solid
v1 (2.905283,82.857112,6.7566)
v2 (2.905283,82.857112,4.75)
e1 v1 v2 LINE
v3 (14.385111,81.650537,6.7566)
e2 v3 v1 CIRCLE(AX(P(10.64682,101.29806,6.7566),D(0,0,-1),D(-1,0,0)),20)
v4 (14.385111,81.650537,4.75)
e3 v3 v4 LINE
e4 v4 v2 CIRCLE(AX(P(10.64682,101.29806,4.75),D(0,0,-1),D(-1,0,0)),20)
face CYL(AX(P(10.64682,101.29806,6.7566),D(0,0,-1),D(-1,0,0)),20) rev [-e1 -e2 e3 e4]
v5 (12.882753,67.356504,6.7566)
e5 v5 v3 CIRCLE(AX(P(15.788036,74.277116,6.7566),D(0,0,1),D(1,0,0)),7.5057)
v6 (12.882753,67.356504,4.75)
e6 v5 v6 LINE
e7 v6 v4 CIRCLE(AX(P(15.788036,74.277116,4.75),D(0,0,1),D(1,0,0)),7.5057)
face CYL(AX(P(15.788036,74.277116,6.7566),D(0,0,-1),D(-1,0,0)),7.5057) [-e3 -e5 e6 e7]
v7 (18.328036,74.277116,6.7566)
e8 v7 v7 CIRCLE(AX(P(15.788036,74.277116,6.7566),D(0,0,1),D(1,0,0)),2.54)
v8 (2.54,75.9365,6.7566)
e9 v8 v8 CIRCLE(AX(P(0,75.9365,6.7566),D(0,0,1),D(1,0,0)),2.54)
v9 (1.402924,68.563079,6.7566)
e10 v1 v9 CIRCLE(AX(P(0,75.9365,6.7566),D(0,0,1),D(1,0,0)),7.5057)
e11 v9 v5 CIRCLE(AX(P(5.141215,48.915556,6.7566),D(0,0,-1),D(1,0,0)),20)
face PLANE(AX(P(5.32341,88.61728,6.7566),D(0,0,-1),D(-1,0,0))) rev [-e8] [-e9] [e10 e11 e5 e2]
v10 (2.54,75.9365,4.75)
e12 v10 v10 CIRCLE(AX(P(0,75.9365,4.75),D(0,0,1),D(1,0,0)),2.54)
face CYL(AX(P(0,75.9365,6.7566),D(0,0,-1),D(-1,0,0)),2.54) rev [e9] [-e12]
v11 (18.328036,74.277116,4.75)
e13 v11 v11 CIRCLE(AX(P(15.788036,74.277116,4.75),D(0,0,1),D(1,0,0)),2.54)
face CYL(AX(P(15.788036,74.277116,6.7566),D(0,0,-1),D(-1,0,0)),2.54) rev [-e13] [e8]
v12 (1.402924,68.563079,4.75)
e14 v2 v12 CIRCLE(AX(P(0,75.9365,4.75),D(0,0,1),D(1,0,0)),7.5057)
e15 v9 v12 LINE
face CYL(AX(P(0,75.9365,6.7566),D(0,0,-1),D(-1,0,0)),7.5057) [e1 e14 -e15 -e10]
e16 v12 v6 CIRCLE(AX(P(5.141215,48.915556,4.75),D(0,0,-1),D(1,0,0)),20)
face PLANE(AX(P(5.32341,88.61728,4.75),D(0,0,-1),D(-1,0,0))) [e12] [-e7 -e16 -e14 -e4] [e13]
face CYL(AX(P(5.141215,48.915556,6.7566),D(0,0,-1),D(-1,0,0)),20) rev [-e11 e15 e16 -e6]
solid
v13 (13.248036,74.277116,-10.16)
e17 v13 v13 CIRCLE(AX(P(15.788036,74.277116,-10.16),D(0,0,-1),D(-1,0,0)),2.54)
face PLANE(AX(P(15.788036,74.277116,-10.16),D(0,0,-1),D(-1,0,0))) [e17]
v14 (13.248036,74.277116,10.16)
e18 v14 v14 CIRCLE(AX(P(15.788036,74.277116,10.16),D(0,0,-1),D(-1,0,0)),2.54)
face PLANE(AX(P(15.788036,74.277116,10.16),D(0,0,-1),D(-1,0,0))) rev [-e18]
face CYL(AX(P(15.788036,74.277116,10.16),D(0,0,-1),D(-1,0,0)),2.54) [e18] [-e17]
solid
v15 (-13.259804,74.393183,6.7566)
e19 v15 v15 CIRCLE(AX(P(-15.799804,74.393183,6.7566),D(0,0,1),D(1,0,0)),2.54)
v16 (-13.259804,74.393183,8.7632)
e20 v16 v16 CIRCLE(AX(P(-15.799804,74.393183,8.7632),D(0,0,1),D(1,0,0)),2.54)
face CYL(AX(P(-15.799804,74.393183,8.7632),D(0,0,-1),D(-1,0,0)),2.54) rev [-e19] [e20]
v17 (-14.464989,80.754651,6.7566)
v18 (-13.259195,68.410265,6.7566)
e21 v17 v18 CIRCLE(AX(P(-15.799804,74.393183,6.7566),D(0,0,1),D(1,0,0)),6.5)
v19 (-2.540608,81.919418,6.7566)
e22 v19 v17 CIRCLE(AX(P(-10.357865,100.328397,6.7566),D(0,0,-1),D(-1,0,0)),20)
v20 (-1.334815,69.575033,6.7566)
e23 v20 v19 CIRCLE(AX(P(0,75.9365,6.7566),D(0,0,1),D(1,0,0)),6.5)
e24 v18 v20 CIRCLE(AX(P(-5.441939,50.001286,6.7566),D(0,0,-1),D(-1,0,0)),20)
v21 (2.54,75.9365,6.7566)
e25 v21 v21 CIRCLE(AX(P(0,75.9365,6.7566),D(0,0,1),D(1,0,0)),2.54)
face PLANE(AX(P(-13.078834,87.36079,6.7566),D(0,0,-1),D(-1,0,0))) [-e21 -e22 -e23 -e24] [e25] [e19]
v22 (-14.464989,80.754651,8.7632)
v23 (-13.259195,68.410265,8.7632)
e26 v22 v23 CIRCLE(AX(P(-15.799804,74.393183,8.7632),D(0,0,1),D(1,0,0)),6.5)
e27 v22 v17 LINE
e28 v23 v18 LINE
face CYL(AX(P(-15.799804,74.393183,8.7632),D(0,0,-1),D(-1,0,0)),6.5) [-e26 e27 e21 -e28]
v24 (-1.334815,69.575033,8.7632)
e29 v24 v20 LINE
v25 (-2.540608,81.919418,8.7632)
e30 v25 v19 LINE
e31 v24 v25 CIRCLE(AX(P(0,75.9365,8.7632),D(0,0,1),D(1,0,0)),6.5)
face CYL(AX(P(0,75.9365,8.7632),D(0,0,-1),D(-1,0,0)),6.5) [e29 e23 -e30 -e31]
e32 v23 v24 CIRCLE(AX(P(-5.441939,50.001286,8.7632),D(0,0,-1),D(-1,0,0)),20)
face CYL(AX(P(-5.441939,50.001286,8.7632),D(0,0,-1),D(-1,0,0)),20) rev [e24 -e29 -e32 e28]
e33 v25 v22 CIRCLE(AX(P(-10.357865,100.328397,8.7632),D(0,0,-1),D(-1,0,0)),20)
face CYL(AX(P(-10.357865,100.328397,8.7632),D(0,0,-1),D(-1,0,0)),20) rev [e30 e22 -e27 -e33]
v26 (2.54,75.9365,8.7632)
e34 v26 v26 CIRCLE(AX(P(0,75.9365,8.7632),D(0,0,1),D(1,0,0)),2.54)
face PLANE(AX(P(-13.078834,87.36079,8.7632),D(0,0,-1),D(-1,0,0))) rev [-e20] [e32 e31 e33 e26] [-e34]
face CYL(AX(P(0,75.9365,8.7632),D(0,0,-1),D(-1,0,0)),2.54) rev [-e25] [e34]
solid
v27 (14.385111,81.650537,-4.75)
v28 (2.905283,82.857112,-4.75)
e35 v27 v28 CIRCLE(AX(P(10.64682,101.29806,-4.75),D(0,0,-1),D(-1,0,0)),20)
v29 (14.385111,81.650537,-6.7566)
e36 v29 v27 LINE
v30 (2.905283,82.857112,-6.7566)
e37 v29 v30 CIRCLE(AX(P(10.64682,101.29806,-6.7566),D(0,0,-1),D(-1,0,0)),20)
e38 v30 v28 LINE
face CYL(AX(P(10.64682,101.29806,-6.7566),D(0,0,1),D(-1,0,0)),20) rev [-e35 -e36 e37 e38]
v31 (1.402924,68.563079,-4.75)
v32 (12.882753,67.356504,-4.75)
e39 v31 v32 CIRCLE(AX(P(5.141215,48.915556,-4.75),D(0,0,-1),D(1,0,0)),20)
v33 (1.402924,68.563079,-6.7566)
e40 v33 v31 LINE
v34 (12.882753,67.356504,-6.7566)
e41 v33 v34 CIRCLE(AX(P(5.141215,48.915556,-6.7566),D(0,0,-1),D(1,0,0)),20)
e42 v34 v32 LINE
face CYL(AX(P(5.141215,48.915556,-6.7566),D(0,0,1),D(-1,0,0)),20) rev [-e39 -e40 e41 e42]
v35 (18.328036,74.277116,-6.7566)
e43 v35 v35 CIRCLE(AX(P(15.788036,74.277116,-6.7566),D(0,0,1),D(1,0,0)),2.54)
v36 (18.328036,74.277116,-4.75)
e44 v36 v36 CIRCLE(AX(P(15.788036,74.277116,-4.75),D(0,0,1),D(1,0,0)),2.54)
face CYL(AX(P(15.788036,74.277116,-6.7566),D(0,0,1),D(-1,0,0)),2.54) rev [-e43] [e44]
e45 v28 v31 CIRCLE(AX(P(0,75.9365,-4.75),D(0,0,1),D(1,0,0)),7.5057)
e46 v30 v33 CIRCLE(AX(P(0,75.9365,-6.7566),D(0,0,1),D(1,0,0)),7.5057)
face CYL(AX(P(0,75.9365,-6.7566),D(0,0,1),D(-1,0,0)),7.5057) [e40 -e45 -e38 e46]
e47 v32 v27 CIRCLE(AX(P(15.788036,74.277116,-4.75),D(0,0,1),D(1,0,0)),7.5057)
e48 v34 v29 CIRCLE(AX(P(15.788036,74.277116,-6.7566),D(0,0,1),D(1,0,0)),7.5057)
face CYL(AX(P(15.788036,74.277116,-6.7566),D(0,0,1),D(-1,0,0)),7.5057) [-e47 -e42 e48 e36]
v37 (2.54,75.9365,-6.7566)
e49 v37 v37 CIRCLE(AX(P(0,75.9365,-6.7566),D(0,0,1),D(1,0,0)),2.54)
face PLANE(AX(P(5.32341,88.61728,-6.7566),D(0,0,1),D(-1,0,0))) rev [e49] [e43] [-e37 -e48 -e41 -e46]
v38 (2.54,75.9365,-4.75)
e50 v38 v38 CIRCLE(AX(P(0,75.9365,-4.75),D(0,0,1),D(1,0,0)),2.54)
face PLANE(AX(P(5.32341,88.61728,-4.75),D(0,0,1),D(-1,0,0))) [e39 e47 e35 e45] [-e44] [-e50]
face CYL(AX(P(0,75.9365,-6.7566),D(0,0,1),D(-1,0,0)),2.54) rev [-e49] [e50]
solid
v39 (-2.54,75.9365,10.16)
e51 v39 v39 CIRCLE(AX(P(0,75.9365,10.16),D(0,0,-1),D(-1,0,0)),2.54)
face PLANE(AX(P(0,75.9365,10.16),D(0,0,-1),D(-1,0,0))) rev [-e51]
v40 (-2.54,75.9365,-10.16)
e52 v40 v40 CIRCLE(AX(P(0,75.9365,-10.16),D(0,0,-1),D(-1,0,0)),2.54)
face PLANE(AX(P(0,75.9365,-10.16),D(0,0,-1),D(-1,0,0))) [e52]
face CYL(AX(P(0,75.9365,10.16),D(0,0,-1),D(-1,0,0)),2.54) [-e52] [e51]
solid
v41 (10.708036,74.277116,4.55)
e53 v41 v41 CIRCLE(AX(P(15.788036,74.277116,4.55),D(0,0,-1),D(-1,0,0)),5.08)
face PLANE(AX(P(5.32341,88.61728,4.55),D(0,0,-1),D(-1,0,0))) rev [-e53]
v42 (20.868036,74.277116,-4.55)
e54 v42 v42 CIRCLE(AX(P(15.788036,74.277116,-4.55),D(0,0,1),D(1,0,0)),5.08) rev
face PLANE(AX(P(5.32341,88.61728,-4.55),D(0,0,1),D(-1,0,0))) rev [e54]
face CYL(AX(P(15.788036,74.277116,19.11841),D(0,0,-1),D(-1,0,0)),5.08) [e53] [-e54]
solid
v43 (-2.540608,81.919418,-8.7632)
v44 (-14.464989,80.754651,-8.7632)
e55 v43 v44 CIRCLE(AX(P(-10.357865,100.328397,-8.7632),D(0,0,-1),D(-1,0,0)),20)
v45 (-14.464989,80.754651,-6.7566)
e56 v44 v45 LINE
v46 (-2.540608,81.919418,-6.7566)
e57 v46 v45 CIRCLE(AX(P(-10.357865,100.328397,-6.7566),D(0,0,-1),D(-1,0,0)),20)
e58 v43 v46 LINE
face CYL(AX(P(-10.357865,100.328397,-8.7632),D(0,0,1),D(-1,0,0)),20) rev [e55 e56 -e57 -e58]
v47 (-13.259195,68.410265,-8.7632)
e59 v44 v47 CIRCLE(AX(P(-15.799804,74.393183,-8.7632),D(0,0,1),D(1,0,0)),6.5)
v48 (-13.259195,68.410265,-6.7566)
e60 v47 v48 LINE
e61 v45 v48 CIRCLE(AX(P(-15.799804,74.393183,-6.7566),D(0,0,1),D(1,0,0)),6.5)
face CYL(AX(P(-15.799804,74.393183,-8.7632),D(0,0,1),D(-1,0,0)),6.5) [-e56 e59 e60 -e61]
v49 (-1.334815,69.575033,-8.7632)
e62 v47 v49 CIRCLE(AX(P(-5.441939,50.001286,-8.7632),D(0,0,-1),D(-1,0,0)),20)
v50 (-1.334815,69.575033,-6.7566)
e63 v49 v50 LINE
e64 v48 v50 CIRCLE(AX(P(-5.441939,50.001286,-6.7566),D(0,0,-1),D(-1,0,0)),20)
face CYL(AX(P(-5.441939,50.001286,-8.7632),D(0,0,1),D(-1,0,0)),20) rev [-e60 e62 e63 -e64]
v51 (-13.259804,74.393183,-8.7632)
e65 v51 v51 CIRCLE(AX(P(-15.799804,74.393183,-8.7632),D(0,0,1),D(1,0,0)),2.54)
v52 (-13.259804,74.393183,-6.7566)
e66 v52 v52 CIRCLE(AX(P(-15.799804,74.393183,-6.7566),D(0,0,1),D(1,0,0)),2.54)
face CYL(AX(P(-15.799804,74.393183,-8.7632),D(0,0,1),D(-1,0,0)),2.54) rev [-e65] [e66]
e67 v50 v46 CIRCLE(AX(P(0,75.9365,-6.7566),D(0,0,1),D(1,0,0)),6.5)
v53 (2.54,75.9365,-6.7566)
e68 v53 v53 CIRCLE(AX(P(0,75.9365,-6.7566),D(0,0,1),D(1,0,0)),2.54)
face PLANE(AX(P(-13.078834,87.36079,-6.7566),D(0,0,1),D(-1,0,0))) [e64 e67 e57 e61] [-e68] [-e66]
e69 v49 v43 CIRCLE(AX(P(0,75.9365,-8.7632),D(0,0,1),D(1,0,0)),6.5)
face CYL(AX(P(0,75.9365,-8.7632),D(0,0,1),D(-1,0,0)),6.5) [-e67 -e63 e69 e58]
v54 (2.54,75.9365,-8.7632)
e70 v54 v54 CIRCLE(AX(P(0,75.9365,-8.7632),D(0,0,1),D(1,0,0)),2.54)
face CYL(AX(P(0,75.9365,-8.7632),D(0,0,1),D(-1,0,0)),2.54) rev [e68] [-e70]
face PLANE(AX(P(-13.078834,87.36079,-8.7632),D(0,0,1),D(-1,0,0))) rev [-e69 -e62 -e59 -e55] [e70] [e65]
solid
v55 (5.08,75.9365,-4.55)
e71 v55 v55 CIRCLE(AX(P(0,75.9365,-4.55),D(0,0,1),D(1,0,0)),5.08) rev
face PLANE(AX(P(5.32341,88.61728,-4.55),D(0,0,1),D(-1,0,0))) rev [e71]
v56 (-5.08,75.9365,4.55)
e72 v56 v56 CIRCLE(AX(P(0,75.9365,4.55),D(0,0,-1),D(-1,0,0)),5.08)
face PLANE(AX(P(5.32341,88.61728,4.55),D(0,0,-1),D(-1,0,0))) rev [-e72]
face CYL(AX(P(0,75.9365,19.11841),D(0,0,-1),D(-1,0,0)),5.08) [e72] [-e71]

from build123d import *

# Parameters (mm, degrees)
BOSS_EXTRUDE1_START        = 4.75
SKETCH1_R                  = 2.54
BOSS_EXTRUDE1_DEPTH        = 2.0066
SKETCH2_R                  = 2.54
BOSS_EXTRUDE2_DEPTH        = 2.0066
BOSS_EXTRUDE3_DEPTH        = 10.16
BOSS_EXTRUDE3_DEPTH_BACK   = 10.16
SKETCH3_R                  = 2.54
BOSS_EXTRUDE3_2_DEPTH      = 10.16
BOSS_EXTRUDE3_2_DEPTH_BACK = 10.16
BOSS_EXTRUDE4_DEPTH        = 4.55
BOSS_EXTRUDE4_DEPTH_BACK   = 4.55
SKETCH4_R                  = 5.08
BOSS_EXTRUDE4_2_DEPTH      = 4.55
BOSS_EXTRUDE4_2_DEPTH_BACK = 4.55


with BuildPart() as part:
    # Sketch1 → Boss-Extrude1 (new body)
    with BuildSketch(Plane.XY.offset(BOSS_EXTRUDE1_START)):
        with BuildLine():
            ThreePointArc((2.905282898, 82.857111517), (-7.464583257, 76.721056751), (1.402924463, 68.563079122))
            ThreePointArc((1.402924463, 68.563079122), (7.231777772, 68.805994183), (12.882752755, 67.356504491))
            ThreePointArc((12.882752755, 67.356504491), (23.252618909, 73.492559257), (14.38511119, 81.650536886))
            ThreePointArc((14.38511119, 81.650536886), (8.556257881, 81.407621825), (2.905282898, 82.857111517))
        make_face()
        with Locations((0, 75.9365)):
            Circle(SKETCH1_R, mode=Mode.SUBTRACT)
        with Locations((15.788035653, 74.277116008)):
            Circle(SKETCH1_R, mode=Mode.SUBTRACT)
    extrude(amount=BOSS_EXTRUDE1_DEPTH)


with BuildPart() as body_2:
    # Sketch2 → Boss-Extrude2 (new body)
    with BuildSketch(Plane.XY.offset(6.7566)):
        with BuildLine():
            ThreePointArc((-1.334815218, 69.575032533), (6.46921099, 76.568409147), (-2.540608347, 81.91941812))
            ThreePointArc((-2.540608347, 81.91941812), (-8.413528963, 80.423132366), (-14.464988546, 80.754650897))
            ThreePointArc((-14.464988546, 80.754650897), (-22.269014753, 73.761274284), (-13.259195417, 68.41026531))
            ThreePointArc((-13.259195417, 68.41026531), (-7.386274801, 69.906551064), (-1.334815218, 69.575032533))
        make_face()
        with Locations((0, 75.9365)):
            Circle(SKETCH2_R, mode=Mode.SUBTRACT)
        with Locations((-15.799803764, 74.39318343)):
            Circle(SKETCH2_R, mode=Mode.SUBTRACT)
    extrude(amount=BOSS_EXTRUDE2_DEPTH)


with BuildPart() as body_3:
    # Mirror1: mirrored copy
    add(body_2.part.mirror(Plane.XY))


with BuildPart() as body_4:
    # Mirror1 2: mirrored copy
    add(part.part.mirror(Plane.XY))


with BuildPart() as body_5:
    # Sketch3 → Boss-Extrude3 (new, two sides: drawn at the far end of the back side and taken through both)
    with BuildSketch(Plane(origin=(0, 0, 0), x_dir=(-1, 0, 0), z_dir=(0, 0, -1)).offset(-BOSS_EXTRUDE3_DEPTH_BACK)):
        with Locations((0, 75.9365)):
            Circle(SKETCH3_R)
    extrude(amount=BOSS_EXTRUDE3_DEPTH + BOSS_EXTRUDE3_DEPTH_BACK)


with BuildPart() as body_6:
    # Sketch3 → Boss-Extrude3 2 (new, two sides: drawn at the far end of the back side and taken through both)
    with BuildSketch(Plane(origin=(0, 0, 0), x_dir=(-1, 0, 0), z_dir=(0, 0, -1)).offset(-BOSS_EXTRUDE3_2_DEPTH_BACK)):
        with Locations((-15.788035653, 74.277116008)):
            Circle(SKETCH3_R)
    extrude(amount=BOSS_EXTRUDE3_2_DEPTH + BOSS_EXTRUDE3_2_DEPTH_BACK)


with BuildPart() as body_7:
    # Sketch4 → Boss-Extrude4 (new, two sides: drawn at the far end of the back side and taken through both)
    with BuildSketch(Plane.XY.offset(-BOSS_EXTRUDE4_DEPTH_BACK)):
        with Locations(Location((0, 75.9365, 0), (0, 0, 180))):
            Circle(SKETCH4_R)
    extrude(amount=BOSS_EXTRUDE4_DEPTH + BOSS_EXTRUDE4_DEPTH_BACK)


with BuildPart() as body_8:
    # Sketch4 → Boss-Extrude4 2 (new, two sides: drawn at the far end of the back side and taken through both)
    with BuildSketch(Plane.XY.offset(-BOSS_EXTRUDE4_2_DEPTH_BACK)):
        with Locations(Location((15.788035653, 74.277116008, 0), (0, 0, 180))):
            Circle(SKETCH4_R)
    extrude(amount=BOSS_EXTRUDE4_2_DEPTH + BOSS_EXTRUDE4_2_DEPTH_BACK)


solid = Compound([part.part, body_2.part, body_3.part, body_4.part, body_5.part, body_6.part, body_7.part, body_8.part])
